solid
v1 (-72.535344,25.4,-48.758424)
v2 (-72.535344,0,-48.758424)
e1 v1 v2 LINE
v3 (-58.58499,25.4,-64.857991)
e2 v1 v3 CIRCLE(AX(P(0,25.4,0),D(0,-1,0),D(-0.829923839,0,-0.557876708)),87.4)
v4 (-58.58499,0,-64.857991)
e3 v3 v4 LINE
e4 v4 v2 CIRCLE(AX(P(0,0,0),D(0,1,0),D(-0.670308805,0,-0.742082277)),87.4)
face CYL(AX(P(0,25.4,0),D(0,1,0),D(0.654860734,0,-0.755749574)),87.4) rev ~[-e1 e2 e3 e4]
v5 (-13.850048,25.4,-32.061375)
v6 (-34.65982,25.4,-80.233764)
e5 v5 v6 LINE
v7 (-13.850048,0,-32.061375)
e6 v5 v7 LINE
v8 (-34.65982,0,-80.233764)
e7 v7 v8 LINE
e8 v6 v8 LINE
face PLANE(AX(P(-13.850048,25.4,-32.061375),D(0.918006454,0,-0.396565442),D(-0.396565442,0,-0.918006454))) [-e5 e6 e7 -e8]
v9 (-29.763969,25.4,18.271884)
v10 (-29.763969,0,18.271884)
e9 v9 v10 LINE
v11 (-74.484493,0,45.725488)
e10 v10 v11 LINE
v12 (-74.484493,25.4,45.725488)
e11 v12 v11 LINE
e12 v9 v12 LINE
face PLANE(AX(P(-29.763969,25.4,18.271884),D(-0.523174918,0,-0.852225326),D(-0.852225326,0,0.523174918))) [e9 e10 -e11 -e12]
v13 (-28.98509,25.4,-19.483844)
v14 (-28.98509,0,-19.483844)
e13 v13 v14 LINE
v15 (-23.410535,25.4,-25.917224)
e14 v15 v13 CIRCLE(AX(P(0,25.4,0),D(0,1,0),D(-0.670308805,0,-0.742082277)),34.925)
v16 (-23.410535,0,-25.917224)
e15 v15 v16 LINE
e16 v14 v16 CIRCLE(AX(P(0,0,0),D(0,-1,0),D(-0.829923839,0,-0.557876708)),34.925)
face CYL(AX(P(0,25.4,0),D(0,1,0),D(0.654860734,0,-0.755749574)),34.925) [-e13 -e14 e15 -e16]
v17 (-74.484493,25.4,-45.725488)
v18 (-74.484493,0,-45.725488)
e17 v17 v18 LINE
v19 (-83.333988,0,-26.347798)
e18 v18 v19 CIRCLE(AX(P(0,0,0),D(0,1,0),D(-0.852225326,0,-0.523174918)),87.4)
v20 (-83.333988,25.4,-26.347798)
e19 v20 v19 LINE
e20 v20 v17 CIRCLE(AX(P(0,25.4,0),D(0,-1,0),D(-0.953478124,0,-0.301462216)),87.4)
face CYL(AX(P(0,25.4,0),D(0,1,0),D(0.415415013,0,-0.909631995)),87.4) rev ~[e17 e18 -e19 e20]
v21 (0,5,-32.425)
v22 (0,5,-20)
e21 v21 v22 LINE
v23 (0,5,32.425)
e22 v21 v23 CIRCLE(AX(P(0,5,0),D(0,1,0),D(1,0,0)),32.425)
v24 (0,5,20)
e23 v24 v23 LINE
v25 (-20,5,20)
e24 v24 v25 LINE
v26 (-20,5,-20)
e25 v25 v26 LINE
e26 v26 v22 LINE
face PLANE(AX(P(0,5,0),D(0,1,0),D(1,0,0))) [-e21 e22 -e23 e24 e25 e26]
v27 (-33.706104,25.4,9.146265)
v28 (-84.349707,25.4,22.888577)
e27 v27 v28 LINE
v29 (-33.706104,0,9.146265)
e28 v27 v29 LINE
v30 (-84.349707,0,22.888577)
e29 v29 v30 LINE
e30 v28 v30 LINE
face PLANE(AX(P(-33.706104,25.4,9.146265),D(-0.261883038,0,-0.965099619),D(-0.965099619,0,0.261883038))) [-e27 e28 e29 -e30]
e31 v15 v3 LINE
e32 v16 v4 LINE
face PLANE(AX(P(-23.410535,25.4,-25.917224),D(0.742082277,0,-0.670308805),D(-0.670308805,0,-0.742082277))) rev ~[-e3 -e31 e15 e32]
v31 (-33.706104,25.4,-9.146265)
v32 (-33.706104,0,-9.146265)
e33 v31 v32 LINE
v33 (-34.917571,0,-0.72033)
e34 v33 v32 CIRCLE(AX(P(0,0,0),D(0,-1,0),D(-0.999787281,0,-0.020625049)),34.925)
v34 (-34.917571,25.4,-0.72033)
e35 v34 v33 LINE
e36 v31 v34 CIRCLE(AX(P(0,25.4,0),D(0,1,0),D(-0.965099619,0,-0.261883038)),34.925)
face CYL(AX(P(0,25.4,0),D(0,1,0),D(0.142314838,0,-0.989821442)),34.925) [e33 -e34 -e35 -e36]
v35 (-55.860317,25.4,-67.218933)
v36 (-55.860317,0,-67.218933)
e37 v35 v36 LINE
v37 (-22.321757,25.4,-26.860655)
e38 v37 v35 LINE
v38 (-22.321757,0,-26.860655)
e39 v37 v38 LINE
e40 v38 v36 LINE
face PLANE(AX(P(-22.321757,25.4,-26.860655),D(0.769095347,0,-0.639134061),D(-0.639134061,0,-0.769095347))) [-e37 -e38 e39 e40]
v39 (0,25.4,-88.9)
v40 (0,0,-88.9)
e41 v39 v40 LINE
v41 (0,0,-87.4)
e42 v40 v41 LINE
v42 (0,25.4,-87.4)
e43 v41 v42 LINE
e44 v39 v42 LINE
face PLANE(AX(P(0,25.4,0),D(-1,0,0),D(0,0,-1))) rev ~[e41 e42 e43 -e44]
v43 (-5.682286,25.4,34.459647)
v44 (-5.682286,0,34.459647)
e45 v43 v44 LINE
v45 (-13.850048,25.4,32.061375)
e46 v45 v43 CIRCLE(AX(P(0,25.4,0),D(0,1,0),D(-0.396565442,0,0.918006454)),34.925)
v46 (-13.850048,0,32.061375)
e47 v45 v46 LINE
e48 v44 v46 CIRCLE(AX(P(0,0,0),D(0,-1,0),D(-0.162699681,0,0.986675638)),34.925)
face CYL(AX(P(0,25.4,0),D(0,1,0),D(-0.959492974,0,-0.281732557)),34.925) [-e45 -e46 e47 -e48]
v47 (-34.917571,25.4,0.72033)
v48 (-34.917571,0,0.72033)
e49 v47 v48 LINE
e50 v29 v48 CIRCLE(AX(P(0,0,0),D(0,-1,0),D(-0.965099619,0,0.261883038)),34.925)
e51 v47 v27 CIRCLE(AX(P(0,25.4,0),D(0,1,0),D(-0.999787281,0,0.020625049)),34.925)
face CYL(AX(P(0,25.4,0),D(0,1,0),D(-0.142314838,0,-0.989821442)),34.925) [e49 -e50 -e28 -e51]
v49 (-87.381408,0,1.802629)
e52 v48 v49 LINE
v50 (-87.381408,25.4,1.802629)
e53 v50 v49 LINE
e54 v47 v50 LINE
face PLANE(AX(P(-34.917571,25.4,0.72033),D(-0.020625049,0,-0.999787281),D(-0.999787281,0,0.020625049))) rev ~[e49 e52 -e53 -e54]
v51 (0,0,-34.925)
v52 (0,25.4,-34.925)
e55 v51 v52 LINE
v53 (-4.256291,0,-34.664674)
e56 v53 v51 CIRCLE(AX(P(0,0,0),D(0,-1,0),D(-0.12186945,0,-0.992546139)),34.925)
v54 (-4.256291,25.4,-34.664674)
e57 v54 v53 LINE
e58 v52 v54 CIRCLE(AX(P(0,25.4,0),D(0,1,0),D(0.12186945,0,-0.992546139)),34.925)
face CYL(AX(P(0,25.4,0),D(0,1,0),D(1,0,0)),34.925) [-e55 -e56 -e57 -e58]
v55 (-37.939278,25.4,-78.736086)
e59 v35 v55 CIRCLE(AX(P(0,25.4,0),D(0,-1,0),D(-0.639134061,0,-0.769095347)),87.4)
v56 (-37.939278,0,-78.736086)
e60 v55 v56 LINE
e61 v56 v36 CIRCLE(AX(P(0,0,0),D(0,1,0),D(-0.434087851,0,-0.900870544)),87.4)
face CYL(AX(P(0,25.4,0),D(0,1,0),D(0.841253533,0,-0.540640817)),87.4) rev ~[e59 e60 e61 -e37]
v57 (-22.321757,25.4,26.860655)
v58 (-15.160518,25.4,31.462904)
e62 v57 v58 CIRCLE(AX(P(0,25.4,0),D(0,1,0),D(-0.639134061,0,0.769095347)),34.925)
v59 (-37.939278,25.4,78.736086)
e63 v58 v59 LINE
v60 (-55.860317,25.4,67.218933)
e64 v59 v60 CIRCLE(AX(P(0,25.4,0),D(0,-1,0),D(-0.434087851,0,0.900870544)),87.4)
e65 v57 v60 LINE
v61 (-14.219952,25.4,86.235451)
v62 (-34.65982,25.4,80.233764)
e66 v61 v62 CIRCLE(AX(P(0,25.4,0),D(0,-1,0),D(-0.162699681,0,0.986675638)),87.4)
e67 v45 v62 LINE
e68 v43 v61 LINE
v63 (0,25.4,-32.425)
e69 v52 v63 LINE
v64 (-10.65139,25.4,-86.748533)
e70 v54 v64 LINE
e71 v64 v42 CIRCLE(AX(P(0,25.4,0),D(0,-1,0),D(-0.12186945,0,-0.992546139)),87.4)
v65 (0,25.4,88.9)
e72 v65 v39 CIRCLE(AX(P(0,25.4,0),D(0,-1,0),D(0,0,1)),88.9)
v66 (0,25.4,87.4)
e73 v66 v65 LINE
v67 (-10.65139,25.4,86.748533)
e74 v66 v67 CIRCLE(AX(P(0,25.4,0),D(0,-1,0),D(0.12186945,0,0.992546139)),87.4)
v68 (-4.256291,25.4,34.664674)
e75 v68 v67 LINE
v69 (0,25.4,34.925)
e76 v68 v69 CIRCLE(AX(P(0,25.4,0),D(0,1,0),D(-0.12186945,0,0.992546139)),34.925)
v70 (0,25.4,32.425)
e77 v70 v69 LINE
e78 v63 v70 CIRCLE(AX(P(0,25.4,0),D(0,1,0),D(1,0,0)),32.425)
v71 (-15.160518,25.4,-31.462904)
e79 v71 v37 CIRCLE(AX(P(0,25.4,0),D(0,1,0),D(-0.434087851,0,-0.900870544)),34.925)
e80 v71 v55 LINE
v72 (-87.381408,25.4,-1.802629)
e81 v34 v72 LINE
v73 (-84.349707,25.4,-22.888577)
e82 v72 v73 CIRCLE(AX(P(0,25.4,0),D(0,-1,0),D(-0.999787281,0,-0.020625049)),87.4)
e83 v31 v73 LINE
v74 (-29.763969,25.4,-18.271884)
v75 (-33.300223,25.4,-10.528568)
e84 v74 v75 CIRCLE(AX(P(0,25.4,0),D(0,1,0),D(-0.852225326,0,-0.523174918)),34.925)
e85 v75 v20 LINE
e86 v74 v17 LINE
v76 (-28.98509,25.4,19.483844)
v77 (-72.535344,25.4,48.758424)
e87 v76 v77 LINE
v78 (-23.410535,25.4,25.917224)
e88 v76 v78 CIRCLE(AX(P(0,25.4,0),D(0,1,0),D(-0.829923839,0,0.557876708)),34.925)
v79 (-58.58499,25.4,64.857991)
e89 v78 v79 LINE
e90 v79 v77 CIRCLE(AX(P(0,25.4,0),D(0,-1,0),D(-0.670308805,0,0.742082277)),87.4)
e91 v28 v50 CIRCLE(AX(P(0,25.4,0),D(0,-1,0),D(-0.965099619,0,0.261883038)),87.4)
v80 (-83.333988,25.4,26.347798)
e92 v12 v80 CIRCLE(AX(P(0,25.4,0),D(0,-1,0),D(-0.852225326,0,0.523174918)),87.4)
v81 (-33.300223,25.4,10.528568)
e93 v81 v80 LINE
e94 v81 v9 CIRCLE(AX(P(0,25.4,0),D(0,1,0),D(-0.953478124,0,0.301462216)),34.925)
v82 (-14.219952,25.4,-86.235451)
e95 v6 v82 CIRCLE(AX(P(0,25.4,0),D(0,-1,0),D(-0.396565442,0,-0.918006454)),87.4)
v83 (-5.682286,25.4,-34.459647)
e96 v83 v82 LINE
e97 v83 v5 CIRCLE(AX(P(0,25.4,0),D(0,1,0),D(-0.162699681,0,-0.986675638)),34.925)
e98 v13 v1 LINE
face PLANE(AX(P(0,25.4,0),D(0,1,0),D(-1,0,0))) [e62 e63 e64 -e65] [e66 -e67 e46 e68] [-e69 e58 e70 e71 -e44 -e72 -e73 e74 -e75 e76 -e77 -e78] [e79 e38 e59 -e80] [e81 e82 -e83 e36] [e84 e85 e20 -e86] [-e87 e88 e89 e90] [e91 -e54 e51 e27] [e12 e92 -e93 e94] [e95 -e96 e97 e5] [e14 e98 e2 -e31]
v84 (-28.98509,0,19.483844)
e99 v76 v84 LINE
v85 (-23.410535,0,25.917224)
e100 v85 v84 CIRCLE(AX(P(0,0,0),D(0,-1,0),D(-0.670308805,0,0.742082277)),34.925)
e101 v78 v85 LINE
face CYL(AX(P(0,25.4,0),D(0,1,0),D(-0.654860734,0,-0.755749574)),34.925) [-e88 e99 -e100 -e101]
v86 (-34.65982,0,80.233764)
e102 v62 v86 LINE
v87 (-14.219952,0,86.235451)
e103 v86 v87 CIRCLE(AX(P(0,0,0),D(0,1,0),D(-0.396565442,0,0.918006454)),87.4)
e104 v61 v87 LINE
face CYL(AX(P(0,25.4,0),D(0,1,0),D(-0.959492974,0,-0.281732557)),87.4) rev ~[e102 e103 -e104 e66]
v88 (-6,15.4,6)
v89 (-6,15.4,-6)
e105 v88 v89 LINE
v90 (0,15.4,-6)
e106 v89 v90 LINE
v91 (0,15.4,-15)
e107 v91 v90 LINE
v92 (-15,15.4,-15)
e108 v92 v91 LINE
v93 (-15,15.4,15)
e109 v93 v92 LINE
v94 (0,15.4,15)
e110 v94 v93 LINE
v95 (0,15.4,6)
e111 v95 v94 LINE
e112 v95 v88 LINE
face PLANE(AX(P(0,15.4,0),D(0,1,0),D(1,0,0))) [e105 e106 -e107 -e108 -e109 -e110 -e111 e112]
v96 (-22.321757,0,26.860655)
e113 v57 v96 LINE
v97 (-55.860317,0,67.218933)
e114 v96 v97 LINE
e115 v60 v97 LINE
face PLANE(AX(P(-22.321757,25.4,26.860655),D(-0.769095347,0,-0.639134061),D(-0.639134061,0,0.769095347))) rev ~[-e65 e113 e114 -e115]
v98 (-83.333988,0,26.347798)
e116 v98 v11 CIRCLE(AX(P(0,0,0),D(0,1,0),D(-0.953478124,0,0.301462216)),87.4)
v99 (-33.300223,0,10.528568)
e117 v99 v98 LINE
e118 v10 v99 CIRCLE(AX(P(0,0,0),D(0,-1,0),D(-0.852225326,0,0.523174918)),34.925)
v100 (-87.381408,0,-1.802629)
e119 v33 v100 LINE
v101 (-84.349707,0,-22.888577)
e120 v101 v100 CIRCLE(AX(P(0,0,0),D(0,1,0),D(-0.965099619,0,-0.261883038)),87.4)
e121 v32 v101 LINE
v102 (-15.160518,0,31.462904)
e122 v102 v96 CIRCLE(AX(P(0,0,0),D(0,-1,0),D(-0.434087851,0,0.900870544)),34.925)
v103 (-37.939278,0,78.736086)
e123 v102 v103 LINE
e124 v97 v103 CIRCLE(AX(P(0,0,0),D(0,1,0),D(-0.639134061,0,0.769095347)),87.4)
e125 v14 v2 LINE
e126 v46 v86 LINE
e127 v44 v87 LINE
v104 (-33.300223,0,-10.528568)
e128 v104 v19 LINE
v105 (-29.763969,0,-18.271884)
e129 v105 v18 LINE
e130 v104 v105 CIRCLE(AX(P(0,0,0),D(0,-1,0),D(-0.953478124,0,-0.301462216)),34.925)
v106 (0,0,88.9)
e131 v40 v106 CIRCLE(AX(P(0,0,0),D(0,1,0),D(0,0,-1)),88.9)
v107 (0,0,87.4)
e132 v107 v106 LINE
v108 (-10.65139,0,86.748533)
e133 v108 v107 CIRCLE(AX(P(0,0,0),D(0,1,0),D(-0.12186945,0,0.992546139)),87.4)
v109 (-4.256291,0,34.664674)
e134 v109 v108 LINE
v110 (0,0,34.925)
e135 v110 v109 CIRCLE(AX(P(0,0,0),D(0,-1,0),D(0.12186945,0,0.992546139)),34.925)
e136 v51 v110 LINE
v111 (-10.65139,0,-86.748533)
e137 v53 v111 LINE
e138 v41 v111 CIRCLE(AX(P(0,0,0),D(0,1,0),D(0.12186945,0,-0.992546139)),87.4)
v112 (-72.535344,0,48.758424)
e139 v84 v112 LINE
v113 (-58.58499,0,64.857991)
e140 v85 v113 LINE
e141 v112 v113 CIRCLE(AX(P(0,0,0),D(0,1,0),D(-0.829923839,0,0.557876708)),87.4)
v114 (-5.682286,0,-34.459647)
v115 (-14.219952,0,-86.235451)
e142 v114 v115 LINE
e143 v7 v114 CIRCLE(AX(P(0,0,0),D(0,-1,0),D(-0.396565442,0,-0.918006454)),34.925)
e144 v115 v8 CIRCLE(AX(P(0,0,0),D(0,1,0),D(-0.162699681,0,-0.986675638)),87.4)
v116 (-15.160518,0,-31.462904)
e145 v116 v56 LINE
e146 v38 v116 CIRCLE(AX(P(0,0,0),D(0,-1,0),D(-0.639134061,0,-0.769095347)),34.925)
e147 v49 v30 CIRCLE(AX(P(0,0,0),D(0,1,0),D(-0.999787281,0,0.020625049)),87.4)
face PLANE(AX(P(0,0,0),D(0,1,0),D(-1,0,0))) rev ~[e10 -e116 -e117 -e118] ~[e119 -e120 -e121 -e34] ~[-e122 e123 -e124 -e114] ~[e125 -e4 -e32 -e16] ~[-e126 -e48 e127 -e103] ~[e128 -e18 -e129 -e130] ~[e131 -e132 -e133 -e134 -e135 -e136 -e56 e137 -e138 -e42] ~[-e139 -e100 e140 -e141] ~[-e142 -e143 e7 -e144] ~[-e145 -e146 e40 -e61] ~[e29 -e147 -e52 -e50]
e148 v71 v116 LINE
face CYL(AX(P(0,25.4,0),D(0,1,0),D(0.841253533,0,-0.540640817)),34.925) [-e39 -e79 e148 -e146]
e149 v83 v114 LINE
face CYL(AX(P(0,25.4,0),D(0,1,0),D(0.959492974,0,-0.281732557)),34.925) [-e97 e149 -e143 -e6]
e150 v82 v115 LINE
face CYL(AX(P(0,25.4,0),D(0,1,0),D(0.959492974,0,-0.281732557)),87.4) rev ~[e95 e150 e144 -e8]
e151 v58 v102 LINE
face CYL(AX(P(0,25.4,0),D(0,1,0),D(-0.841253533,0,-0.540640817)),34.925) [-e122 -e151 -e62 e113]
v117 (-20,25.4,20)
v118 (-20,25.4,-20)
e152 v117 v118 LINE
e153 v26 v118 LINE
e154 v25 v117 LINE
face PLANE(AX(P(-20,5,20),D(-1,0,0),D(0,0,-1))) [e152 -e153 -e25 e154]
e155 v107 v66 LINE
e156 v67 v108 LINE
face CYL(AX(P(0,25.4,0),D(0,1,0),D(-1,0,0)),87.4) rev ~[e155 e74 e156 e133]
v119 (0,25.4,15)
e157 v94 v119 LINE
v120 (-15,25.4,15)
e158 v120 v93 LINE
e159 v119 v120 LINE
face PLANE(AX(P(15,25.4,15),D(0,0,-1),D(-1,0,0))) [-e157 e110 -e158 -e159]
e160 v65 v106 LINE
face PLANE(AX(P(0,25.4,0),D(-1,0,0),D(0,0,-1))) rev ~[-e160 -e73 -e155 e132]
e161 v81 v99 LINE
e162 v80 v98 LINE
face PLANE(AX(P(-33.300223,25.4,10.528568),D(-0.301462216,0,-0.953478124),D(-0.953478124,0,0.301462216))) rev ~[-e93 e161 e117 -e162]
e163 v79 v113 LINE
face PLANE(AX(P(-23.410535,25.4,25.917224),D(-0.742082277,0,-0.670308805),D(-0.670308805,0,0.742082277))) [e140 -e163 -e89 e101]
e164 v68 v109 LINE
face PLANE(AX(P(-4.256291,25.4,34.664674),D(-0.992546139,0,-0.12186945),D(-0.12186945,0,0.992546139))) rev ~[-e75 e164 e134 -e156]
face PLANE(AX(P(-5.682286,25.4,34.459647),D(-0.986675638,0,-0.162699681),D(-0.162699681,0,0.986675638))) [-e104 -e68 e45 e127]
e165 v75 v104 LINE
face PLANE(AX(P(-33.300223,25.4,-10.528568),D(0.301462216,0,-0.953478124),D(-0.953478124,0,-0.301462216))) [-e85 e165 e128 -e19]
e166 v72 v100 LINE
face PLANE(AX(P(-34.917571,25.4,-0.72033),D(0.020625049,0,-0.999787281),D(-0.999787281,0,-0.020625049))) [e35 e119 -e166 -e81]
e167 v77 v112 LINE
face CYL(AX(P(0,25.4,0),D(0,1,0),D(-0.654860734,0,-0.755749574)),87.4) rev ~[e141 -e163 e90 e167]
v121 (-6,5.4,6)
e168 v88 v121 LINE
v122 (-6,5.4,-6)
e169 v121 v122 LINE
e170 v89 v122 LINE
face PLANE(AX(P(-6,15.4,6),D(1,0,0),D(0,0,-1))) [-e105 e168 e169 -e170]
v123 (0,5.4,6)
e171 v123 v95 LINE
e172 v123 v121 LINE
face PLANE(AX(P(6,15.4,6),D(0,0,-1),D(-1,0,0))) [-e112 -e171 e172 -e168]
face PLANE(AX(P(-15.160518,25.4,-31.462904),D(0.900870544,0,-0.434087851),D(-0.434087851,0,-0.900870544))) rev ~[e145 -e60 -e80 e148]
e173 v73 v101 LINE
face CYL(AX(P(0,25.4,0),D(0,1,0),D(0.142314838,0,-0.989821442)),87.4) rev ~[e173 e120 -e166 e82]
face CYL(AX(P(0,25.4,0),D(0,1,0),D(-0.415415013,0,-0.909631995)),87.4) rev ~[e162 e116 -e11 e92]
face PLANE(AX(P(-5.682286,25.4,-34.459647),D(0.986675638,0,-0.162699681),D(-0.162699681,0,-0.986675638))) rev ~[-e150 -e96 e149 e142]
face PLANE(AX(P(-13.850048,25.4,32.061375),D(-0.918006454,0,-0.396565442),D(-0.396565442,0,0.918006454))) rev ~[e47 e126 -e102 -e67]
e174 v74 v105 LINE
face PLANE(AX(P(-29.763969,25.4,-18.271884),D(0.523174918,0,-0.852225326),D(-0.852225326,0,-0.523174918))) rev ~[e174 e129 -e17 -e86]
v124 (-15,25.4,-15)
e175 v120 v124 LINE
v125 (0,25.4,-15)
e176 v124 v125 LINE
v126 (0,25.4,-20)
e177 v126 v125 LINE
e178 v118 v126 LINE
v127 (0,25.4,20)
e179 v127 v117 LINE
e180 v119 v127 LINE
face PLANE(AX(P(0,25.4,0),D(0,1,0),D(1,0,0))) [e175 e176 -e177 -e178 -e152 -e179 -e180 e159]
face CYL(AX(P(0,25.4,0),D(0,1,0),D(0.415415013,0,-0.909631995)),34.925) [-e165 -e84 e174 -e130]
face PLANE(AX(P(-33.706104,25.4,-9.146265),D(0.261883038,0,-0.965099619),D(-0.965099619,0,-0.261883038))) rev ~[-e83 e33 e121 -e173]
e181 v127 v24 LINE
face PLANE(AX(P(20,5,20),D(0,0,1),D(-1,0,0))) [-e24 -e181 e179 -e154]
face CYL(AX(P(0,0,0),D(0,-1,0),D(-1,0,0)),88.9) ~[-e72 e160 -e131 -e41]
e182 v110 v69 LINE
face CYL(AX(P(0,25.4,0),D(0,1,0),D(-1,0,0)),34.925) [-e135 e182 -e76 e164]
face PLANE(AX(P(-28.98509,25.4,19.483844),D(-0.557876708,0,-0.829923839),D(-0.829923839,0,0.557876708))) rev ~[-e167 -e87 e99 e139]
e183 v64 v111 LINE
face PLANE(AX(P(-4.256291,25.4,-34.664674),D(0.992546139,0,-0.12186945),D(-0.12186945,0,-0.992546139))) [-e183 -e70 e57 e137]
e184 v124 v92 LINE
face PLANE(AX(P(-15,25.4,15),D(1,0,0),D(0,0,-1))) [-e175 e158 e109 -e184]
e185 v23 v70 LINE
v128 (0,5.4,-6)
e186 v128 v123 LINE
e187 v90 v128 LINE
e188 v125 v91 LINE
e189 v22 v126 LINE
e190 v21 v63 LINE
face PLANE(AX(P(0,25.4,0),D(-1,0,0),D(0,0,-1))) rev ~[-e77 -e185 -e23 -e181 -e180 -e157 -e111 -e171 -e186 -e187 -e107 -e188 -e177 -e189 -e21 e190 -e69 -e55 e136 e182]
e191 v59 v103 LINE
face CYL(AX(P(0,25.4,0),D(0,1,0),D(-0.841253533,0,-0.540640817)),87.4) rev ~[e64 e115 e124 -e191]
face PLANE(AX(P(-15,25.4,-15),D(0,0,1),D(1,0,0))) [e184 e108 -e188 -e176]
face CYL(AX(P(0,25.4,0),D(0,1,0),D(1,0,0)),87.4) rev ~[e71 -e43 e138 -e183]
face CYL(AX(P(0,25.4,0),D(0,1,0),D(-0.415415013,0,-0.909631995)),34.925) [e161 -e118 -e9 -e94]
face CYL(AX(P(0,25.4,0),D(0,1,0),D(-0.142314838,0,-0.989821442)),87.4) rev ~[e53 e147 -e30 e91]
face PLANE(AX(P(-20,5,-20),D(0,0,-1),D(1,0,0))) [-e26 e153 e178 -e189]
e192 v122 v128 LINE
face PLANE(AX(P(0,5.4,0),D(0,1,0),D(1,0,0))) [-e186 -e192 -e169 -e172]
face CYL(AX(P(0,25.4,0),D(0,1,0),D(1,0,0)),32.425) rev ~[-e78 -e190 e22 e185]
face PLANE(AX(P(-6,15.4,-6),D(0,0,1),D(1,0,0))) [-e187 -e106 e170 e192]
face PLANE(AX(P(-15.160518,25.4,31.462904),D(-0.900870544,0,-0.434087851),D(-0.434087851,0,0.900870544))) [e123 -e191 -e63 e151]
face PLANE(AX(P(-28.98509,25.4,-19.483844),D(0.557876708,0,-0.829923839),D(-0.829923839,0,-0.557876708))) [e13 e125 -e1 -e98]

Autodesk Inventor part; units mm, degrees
sketch "Sketch1" plane through (0, 0, 0) normal (0, 1, 0) x (-1, 0, 0)
  circle A0 centre (0, 0) radius 88.9
  dimension "d0" = 177.8
extrude "Extrusion1" add sketch "Sketch1" along normal blind 25.4
sketch "Sketch2" plane through (0, 25.4, 0) normal (0, 1, 0) x (1, 0, 0)
  circle A0 centre (0, 0) radius 87.4
  line L0 (0, 0) -> (-10.8342, 88.2374)
  circle A1 centre (0, 0) radius 88.9 projected
  line L1 (0, 0) -> (10.8342, 88.2374)
  circle A2 centre (0, 0) radius 34.925
  line L2 (0, 0) -> (0, 88.9)
  point P0 (-4.2563, 34.6647)
  point P1 (4.2563, 34.6647)
  point P2 (10.6514, 86.7485)
  point P3 (-10.6514, 86.7485)
  dimension "d3" = 174.8
  dimension "d4" = 69.85
  dimension "d10" = 14
  dimension "d11" = 7
extrude "Extrusion2" cut sketch "Sketch2" against normal blind 25.4 contours L1 A2 L2 A0 | A0 L2 A2 L0
pattern_circular "Circular Pattern1" count 22 over 360 about axis through (0, 0, 0) along (0, 1, 0) of "Extrusion2"
sketch "Sketch4" plane through (0, 25.4, 0) normal (0, 1, 0) x (1, 0, 0)
  circle A0 centre (0, 0) radius 32.425
  dimension "d16" = 64.85
extrude "Extrusion3" cut sketch "Sketch4" against normal blind 20.4
ref_plane "Work Plane1" through (0, 5, 0) normal (0, 1, 0) x (1, 0, 0)
sketch "Sketch5" plane through (0, 5, 0) normal (0, 1, 0) x (1, 0, 0)
  line L0 (-20, 20) -> (20, 20)
  line L1 (20, 20) -> (20, -20)
  line L2 (20, -20) -> (-20, -20)
  line L3 (-20, -20) -> (-20, 20)
  point P0 (0, 0)
  dimension "d20" = 40
  dimension "d21" = 40
  dimension "d22" = 20
  dimension "d23" = 20
extrude "Extrusion4" add sketch "Sketch5" along normal blind 20.4
ref_plane "Work Plane2" through (0, 25.4, 0) normal (0, 1, 0) x (1, 0, 0)
sketch "Sketch6" plane through (0, 25.4, 0) normal (0, 1, 0) x (1, 0, 0)
  line L0 (-15, 15) -> (15, 15)
  line L1 (15, 15) -> (15, -15)
  line L2 (15, -15) -> (-15, -15)
  line L3 (-15, -15) -> (-15, 15)
  point P0 (0, 0)
  dimension "d26" = 30
  dimension "d27" = 15
  dimension "d28" = 15
  dimension "d29" = 30
extrude "Extrusion5" cut sketch "Sketch6" against normal blind 10
ref_plane "Work Plane3" through (0, 15.4, 0) normal (0, 1, 0) x (1, 0, 0)
sketch "Sketch7" plane through (0, 15.4, 0) normal (0, 1, 0) x (1, 0, 0)
  line L0 (-6, 6) -> (6, 6)
  line L1 (6, 6) -> (6, -6)
  line L2 (6, -6) -> (-6, -6)
  line L3 (-6, -6) -> (-6, 6)
  line L4 (-15, 15) -> (15, 15) projected
  line L5 (15, 15) -> (15, -15) projected
  line L6 (-15, -15) -> (-15, 15) projected
  line L7 (15, -15) -> (-15, -15) projected
  point P0 (0, 0)
  dimension "d32" = 9
  dimension "d33" = 9
  dimension "d34" = 9
  dimension "d35" = 9
extrude "Extrusion6" cut sketch "Sketch7" against normal blind 10 contours L0 L1 L2 L3
sketch "Sketch16" plane through (0, 0, 0) normal (0, -1, 0) x (1, 0, 0)
  point P0 (0, 0)
ref_plane "Work Plane6" through (0, 25.4, 0) normal (-1, 0, 0) x (0, 0, -1)
sketch "Sketch18" plane through (0, 25.4, 0) normal (-1, 0, 0) x (0, 0, -1)
  line L0 (-99.4236, -8.2024) -> (109.702, -8.2024)
  line L1 (109.702, -8.2024) -> (109.702, 39.2363)
  line L2 (109.702, 39.2363) -> (-99.4236, 39.2363)
  line L3 (-99.4236, 39.2363) -> (-99.4236, -8.2024)
  point P0 (0, 25.4)
extrude "Extrusion7" cut sketch "Sketch18" against normal blind 127
equation "\"d11\" = 0.5 * d10"
equation "\"d21\" = d20"
equation "\"d22\" = 0.5 * d20"
equation "\"d23\" = 0.5 * d20"
equation "\"d27\" = 0.5 * d26"
equation "\"d28\" = 0.5 * d26"
equation "\"d29\" = d26"
equation "\"d33\" = d32"
equation "\"d34\" = d32"
equation "\"d35\" = d32"
properties part number "Capsule_Design_Final"
